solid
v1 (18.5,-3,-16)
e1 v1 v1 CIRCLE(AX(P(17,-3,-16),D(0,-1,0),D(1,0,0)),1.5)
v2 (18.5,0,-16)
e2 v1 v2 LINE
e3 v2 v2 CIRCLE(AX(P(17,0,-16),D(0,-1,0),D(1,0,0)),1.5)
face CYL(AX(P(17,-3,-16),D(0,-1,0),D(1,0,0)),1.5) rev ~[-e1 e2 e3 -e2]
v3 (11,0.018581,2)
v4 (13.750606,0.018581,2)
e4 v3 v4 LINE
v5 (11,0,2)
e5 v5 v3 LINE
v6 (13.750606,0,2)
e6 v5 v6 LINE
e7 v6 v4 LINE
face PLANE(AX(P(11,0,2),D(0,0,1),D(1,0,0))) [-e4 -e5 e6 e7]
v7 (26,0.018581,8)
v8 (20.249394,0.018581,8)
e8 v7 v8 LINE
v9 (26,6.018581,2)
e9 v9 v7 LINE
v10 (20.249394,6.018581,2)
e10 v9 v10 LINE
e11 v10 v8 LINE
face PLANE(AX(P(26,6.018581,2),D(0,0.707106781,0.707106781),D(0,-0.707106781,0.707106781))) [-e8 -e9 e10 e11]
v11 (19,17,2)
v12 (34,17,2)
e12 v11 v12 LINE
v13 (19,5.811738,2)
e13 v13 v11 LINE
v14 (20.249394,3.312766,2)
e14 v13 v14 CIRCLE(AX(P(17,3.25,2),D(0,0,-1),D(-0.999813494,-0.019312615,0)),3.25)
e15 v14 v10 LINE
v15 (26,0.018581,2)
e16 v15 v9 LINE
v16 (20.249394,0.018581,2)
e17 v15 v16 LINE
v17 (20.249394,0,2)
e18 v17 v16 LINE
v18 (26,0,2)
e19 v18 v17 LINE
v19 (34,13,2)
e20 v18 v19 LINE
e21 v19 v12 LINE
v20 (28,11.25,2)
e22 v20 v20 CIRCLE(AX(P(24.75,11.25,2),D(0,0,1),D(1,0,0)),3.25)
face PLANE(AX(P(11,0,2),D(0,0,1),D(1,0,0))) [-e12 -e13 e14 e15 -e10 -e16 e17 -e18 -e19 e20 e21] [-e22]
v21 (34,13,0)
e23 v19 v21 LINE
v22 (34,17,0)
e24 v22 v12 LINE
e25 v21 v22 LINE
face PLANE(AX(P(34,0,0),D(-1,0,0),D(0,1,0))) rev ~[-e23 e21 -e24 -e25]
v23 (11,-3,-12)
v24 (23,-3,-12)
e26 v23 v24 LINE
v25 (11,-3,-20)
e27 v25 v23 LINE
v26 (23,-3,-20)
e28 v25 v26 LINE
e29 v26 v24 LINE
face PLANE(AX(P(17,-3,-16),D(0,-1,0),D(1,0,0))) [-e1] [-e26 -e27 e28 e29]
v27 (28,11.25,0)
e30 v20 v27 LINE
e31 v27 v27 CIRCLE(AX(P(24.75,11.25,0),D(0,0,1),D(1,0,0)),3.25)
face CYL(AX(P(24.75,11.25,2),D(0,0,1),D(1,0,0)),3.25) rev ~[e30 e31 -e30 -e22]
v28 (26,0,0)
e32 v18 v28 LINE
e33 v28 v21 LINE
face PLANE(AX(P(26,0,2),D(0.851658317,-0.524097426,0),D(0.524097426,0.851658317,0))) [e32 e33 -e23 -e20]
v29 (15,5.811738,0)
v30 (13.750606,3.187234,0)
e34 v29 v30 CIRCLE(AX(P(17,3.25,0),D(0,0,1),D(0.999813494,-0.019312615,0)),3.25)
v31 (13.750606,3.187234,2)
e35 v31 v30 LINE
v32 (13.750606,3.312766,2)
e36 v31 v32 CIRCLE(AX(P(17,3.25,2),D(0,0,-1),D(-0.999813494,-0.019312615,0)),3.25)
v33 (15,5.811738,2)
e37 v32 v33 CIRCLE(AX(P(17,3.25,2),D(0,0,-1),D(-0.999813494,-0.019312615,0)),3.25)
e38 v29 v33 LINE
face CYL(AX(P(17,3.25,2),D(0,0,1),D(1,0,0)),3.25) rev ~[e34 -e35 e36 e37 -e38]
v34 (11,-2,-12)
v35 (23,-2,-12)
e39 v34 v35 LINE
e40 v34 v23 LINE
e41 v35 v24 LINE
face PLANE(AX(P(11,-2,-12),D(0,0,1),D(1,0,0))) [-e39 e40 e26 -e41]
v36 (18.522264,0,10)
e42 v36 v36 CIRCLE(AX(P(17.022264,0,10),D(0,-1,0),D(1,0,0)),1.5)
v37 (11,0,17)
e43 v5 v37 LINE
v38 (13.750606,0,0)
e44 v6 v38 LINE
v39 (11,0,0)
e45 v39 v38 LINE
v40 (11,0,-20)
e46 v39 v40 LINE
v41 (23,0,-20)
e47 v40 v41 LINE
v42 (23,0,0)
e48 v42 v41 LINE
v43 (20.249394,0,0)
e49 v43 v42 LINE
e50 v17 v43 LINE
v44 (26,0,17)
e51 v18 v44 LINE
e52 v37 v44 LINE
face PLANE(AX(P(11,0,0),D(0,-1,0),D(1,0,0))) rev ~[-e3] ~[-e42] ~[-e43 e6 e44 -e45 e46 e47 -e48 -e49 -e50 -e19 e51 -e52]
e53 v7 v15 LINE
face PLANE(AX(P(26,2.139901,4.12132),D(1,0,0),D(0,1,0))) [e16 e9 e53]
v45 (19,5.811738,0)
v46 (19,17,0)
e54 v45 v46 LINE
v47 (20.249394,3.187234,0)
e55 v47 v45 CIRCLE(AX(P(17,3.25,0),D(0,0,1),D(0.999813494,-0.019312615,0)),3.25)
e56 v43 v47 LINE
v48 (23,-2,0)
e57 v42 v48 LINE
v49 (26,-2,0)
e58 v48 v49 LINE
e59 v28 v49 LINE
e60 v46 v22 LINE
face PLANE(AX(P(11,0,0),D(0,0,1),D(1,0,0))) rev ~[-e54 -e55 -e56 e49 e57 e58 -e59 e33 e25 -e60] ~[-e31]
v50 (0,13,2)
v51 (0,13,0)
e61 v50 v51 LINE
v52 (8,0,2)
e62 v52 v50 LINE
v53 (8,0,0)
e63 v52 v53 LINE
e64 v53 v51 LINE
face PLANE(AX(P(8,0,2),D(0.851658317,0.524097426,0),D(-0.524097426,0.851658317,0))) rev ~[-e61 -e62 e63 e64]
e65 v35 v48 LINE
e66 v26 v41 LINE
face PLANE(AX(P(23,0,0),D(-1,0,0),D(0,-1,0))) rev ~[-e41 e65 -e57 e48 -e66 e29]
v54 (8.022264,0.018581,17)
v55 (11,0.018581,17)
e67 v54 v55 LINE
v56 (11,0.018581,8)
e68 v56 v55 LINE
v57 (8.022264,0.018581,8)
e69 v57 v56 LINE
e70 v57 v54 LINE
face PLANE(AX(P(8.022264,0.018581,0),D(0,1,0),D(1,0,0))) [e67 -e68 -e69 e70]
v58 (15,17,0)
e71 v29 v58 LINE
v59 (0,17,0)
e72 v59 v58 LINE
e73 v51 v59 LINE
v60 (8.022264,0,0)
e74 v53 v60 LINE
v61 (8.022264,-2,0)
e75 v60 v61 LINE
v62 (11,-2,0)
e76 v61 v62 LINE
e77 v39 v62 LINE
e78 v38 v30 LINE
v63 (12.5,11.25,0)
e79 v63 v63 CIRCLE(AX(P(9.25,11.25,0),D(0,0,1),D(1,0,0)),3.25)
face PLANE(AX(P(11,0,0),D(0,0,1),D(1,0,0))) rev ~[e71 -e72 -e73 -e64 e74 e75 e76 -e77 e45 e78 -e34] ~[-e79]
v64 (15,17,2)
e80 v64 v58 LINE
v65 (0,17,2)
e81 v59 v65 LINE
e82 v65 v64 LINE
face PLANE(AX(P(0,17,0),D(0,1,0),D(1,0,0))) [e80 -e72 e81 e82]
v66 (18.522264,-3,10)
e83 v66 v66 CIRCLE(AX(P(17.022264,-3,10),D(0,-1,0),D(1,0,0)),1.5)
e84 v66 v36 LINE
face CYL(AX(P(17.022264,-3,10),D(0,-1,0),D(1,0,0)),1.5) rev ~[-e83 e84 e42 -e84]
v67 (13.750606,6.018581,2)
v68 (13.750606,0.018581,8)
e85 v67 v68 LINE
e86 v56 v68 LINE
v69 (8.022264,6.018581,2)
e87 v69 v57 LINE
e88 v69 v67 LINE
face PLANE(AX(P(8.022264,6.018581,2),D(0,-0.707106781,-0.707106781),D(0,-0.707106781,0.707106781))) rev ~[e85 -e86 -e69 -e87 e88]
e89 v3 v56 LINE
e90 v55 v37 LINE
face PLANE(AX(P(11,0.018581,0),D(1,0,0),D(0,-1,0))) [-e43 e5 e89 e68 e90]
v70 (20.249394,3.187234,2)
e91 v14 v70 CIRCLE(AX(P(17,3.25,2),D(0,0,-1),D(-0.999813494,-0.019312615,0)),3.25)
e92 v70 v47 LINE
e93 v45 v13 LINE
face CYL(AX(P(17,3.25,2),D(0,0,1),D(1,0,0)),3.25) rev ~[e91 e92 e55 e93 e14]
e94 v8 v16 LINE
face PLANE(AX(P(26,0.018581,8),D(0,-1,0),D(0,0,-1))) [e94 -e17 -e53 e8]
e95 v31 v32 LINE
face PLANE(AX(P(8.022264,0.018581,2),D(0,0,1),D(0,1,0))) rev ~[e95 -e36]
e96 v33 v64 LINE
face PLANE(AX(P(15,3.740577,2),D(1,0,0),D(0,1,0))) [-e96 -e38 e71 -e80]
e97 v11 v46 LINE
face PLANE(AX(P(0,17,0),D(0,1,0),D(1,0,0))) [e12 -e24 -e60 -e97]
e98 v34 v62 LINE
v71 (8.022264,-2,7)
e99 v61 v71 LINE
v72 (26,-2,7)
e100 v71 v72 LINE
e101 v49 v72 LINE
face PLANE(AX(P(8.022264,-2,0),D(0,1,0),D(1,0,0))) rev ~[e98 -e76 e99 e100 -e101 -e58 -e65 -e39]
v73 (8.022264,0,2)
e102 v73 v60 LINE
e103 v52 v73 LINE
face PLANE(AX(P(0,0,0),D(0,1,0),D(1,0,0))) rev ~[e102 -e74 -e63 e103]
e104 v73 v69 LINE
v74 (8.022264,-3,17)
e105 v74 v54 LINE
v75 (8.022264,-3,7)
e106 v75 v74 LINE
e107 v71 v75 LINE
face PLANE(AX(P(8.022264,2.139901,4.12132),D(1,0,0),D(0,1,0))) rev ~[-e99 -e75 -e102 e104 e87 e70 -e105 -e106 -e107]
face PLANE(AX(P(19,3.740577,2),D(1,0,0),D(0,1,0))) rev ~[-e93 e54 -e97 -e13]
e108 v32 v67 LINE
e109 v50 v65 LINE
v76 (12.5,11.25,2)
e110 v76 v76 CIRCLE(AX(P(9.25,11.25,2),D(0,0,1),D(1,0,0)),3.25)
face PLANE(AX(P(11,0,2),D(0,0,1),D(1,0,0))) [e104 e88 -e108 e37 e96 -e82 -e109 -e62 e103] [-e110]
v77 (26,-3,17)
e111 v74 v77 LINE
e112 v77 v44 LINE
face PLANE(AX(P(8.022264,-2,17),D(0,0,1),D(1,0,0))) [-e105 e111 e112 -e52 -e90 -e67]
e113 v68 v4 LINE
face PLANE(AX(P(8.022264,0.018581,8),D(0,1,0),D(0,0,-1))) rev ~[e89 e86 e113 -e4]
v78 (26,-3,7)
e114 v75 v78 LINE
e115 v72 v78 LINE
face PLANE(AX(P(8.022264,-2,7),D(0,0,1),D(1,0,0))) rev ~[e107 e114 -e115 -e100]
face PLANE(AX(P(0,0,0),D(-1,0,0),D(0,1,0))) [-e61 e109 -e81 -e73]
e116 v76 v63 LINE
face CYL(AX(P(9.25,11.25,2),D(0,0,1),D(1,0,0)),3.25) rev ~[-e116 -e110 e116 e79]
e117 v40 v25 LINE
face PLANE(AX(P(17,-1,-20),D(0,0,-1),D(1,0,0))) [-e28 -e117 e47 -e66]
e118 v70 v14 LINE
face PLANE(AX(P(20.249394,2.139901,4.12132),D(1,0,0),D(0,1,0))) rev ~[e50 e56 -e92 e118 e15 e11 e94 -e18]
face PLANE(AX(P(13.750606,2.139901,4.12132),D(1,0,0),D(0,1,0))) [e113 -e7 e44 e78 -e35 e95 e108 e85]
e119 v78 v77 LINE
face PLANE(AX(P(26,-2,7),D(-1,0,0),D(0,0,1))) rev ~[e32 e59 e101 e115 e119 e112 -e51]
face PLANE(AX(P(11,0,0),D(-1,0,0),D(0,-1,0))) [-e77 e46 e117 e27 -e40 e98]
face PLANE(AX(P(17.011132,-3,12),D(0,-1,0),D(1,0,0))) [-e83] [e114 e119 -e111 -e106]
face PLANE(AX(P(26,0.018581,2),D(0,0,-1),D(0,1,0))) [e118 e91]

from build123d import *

# Parameters (mm, degrees)
BOX_W           = 34
BOX_H           = 17
BOX_DEPTH       = 2
SKETCH_R        = 3.25
POCKET_DEPTH    = 2
SKETCH001_W     = 6.4987877113
SKETCH001_H     = 3.187234
POCKET001_DEPTH = 2
POCKET002_DEPTH = 2
SKETCH003_W     = 12
SKETCH003_H     = 2
PAD_DEPTH       = 2
SKETCH004_W     = 12
SKETCH004_H     = 2
PAD001_DEPTH    = 15
SKETCH005_W     = 12
SKETCH005_H     = 2
PAD002_DEPTH    = 20
SKETCH006_W     = 2.977736
SKETCH006_H     = 2.018581
SKETCH006_W_2   = 3
SKETCH006_H_2   = 2
PAD003_DEPTH    = 17
SKETCH007_W     = 17.977736
SKETCH007_H     = 10
SKETCH007_W_2   = 12
SKETCH007_H_2   = 8
PAD004_DEPTH    = 1
SKETCH008_R     = 1.5
POCKET003_DEPTH = 3
SKETCH009_W     = 4
SKETCH009_H     = 13.706681
POCKET004_DEPTH = 2
PAD005_DEPTH    = 5.7283421443
PAD006_DEPTH    = 5.7506061443


with BuildPart() as part:
    # Box → Box (new body)
    with BuildSketch(Plane.XY):
        with Locations((17, 8.5)):
            Rectangle(BOX_W, BOX_H)
    extrude(amount=BOX_DEPTH)

    # Sketch → Pocket (cut)
    with BuildSketch(Plane.XY.offset(2)):
        with Locations((9.25, 11.25)):
            Circle(SKETCH_R)
        with Locations((24.75, 11.25)):
            Circle(SKETCH_R)
        with Locations((17, 3.25)):
            Circle(SKETCH_R)
    extrude(amount=-POCKET_DEPTH, mode=Mode.SUBTRACT)

    # Sketch001 → Pocket001 (cut)
    with BuildSketch(Plane.XY.offset(2)):
        with Locations((17, 1.593617)):
            Rectangle(SKETCH001_W, SKETCH001_H)
    extrude(amount=-POCKET001_DEPTH, mode=Mode.SUBTRACT)

    # Sketch002 → Pocket002 (cut)
    with BuildSketch(Plane.XY.offset(2)):
        Polygon((0, 0), (8, 0), (0, 13), align=None)
        Polygon((34, 0), (26, 0), (34, 13), align=None)
    extrude(amount=-POCKET002_DEPTH, mode=Mode.SUBTRACT)

    # Sketch003 → Pad (new body)
    with BuildSketch(Plane.XZ):
        with Locations((17, 1)):
            Rectangle(SKETCH003_W, SKETCH003_H)
    extrude(amount=PAD_DEPTH)

    # Sketch004 → Pad001 (new body)
    with BuildSketch(Plane.XY.offset(2)):
        with Locations((17, -1)):
            Rectangle(SKETCH004_W, SKETCH004_H)
    extrude(amount=PAD001_DEPTH)

    # Sketch005 → Pad002 (new body)
    with BuildSketch(Plane(origin=(0, 0, 0), x_dir=(1, 0, 0), z_dir=(0, 0, -1))):
        with Locations((17, 1)):
            Rectangle(SKETCH005_W, SKETCH005_H)
    extrude(amount=PAD002_DEPTH)

    # Sketch006 → Pad003 (new body)
    with BuildSketch(Plane(origin=(0, 0, 0), x_dir=(1, 0, 0), z_dir=(0, 0, -1))):
        with Locations((9.511132, 0.9907095)):
            Rectangle(SKETCH006_W, SKETCH006_H)
        with Locations((24.5, 1)):
            Rectangle(SKETCH006_W_2, SKETCH006_H_2)
    extrude(amount=-PAD003_DEPTH)

    # Sketch007 → Pad004 (new body)
    with BuildSketch(Plane.XZ.offset(2)):
        with Locations((17.011132, 12)):
            Rectangle(SKETCH007_W, SKETCH007_H)
        with Locations((17, -16)):
            Rectangle(SKETCH007_W_2, SKETCH007_H_2)
    extrude(amount=PAD004_DEPTH)

    # Sketch008 → Pocket003 (cut)
    with BuildSketch(Plane.XZ.offset(3)):
        with Locations((17.022264, 10)):
            Circle(SKETCH008_R)
        with Locations((17, -16)):
            Circle(SKETCH008_R)
    extrude(amount=-POCKET003_DEPTH, mode=Mode.SUBTRACT)

    # Sketch009 → Pocket004 (cut)
    with BuildSketch(Plane.XY.offset(2)):
        with Locations((17, 10.5939175)):
            Rectangle(SKETCH009_W, SKETCH009_H)
    extrude(amount=-POCKET004_DEPTH, mode=Mode.SUBTRACT)

    # Sketch010 → Pad005 (new body)
    with BuildSketch(Plane(origin=(8.022264, 0, 0), x_dir=(0, -1, 0), z_dir=(-1, 0, 0))):
        Polygon((-0.018581, 2), (-6.018581, 2), (-0.018581, 8), align=None)
    extrude(amount=-PAD005_DEPTH)

    # Sketch011 → Pad006 (new body)
    with BuildSketch(Plane.YZ.offset(26)):
        Polygon((0.018581, 8), (0.018581, 2), (6.018581, 2), align=None)
    extrude(amount=-PAD006_DEPTH)


solid = part.part
